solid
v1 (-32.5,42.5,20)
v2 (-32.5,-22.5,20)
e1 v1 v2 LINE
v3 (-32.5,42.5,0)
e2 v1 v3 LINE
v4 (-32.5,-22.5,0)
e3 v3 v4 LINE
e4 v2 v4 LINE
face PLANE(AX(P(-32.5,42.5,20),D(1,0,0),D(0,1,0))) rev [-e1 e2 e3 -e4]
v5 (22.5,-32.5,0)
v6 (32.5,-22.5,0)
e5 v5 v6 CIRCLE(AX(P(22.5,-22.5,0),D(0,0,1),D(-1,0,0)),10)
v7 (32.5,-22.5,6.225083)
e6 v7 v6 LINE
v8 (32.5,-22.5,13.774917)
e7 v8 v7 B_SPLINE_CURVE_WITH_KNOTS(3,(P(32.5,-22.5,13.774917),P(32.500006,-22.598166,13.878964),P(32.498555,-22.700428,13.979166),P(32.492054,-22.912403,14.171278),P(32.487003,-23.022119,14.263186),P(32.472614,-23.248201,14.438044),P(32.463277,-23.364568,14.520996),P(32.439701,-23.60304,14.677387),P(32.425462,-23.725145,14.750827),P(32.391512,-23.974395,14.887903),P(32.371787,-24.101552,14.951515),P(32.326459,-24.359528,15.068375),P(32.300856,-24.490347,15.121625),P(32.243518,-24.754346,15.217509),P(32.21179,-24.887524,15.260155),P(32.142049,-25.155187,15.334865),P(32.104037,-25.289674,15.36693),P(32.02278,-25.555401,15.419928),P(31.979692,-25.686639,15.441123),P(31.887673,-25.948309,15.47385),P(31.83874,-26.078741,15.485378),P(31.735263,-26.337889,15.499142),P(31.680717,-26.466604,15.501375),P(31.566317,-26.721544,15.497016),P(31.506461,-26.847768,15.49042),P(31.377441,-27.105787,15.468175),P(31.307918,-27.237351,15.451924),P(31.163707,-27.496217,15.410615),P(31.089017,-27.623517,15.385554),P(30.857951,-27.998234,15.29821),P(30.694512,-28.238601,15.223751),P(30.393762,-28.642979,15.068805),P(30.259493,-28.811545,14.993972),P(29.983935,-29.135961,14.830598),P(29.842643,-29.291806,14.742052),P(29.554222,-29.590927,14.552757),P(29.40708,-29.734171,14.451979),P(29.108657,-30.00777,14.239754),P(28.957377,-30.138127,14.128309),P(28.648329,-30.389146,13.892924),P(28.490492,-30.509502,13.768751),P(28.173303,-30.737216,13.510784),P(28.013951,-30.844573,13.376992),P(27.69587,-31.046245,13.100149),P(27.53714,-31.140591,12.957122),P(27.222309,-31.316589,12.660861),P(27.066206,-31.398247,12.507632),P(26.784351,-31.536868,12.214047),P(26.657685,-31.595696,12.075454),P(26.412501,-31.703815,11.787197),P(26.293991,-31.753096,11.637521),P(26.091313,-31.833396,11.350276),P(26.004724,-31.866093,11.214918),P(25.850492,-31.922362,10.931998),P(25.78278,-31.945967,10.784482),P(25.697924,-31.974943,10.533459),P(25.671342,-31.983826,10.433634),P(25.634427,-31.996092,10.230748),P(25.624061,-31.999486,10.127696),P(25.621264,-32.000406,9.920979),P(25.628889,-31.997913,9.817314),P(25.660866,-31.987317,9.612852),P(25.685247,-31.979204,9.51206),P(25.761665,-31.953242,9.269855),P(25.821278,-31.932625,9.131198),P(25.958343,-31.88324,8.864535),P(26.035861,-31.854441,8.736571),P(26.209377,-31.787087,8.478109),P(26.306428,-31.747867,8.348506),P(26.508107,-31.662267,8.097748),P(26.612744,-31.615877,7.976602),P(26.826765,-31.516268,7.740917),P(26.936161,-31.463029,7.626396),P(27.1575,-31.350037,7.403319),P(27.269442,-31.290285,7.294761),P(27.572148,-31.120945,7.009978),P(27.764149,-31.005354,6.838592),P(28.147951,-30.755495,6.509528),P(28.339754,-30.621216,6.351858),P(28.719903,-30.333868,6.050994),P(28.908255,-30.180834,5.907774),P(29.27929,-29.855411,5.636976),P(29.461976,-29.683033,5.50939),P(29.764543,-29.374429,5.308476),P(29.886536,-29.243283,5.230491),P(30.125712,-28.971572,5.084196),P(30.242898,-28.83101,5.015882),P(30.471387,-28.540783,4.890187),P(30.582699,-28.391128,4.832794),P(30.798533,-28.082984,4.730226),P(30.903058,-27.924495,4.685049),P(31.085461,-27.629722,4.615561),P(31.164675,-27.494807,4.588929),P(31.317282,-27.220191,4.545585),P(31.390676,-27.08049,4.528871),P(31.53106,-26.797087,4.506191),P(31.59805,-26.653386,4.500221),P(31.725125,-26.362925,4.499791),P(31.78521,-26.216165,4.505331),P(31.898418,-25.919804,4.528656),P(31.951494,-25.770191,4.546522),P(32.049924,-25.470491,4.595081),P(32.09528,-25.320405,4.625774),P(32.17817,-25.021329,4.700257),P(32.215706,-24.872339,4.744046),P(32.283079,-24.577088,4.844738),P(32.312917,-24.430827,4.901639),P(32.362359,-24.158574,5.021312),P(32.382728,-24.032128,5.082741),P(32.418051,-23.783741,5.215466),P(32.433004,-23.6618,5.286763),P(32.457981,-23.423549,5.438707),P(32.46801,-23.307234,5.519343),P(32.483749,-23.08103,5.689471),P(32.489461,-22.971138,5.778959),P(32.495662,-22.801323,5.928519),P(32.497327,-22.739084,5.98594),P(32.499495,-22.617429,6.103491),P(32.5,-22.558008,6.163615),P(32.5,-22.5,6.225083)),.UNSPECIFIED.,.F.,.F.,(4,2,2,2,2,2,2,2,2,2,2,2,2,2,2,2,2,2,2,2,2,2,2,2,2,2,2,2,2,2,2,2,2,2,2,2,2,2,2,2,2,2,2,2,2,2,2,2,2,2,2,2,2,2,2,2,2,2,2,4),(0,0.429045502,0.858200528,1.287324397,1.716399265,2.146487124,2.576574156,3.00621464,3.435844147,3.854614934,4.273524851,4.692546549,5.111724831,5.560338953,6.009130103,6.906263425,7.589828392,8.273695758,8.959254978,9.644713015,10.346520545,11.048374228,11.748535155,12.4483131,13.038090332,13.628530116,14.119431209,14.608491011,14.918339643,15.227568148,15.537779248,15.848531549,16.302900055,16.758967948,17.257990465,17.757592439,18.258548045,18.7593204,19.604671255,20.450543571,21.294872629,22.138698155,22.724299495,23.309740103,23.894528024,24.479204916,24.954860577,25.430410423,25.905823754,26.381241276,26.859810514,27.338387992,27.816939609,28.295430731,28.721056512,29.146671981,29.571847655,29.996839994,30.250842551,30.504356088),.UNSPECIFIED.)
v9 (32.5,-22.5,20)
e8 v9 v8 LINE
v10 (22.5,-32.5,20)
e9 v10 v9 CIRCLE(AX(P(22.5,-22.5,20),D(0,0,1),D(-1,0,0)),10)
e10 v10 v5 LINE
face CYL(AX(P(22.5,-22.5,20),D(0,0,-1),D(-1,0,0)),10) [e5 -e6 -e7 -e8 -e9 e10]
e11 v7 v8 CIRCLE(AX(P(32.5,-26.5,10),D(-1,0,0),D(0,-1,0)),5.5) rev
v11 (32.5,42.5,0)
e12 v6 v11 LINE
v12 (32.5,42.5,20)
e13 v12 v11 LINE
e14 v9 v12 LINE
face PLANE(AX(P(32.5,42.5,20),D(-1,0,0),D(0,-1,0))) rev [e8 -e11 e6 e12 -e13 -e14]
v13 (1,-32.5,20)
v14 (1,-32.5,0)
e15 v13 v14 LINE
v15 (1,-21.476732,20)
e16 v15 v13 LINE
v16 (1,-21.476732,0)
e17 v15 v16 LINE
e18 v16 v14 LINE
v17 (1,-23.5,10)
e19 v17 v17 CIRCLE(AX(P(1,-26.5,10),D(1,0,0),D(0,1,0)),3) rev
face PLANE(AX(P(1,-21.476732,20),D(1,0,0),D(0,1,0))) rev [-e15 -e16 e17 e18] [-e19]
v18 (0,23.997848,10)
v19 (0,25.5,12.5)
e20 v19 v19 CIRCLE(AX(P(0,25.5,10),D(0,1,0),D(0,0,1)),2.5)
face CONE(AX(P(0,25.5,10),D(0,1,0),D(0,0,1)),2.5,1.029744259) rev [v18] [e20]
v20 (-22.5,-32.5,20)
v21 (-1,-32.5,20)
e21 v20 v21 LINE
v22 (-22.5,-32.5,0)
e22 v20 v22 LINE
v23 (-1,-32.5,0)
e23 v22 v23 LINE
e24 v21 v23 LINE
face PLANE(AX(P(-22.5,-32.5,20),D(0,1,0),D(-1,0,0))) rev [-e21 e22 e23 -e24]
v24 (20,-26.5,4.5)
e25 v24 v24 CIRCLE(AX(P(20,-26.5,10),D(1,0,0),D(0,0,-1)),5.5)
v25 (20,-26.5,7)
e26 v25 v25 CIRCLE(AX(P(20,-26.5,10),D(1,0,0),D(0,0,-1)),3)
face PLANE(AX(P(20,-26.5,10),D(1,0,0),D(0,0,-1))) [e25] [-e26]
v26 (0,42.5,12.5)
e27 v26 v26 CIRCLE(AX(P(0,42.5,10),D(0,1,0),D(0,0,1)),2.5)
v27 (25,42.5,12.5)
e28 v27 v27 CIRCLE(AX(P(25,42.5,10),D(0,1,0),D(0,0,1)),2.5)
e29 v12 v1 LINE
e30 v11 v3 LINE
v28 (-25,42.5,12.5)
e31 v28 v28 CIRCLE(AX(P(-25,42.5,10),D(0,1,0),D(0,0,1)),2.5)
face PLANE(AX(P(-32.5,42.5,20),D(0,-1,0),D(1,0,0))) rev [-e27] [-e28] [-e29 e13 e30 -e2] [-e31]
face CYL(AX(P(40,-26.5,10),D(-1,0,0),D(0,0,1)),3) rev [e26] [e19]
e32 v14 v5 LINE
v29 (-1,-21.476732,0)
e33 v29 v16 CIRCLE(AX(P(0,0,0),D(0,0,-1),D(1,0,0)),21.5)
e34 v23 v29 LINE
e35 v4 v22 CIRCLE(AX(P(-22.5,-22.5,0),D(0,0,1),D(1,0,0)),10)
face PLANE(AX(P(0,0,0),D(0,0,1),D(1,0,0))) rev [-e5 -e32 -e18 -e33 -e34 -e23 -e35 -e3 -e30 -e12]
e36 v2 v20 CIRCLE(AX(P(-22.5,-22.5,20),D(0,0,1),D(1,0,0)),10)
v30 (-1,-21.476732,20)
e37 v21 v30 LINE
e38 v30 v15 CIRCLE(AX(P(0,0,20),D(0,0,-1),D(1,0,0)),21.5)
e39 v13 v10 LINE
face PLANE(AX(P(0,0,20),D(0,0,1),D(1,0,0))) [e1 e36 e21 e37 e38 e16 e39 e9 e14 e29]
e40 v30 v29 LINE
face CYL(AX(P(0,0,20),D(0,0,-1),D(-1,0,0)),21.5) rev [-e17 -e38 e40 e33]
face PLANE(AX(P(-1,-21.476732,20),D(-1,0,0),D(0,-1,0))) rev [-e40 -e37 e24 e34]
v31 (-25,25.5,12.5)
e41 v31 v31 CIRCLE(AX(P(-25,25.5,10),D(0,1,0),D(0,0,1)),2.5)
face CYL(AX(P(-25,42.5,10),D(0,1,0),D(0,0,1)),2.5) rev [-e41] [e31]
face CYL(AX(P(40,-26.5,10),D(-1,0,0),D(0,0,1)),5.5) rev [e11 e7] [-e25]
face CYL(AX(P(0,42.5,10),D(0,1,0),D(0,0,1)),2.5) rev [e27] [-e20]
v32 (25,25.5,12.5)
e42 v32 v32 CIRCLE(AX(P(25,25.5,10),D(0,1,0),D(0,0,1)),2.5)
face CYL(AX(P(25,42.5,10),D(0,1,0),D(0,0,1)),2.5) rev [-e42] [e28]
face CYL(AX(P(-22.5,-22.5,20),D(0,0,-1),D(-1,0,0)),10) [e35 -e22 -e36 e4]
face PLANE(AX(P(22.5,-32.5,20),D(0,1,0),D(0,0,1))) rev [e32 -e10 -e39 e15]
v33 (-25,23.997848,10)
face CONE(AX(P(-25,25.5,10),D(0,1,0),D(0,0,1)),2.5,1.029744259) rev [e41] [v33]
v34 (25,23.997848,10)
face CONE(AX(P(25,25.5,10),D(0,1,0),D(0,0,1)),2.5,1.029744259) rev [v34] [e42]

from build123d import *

# Parameters (mm, degrees)
AUFSATZ_LINEAR_AUSTRAGEN1_DEPTH = 20
M6_GEWINDEBOHRUNG1_D            = 5
M6_GEWINDEBOHRUNG1_DEPTH        = 17
M6_GEWINDEBOHRUNG1_TIP          = 1.502151548
SKIZZE4_R                       = 3
SCHNITT_LINEAR_AUSTRAGEN1_DEPTH = 40
SCHNITT_LINEAR_START            = 20
SKIZZE5_R                       = 5.5
SCHNITT_LINEAR_AUSTRAGEN2_DEPTH = 20


with BuildPart() as part:
    # Skizze1 → Aufsatz-Linear austragen1 (new body)
    with BuildSketch(Plane.XY):
        with BuildLine():
            Line((-32.5, 42.5), (32.5, 42.5))
            Line((32.5, 42.5), (32.5, -22.5))
            ThreePointArc((32.5, -22.5), (29.571067812, -29.571067812), (22.5, -32.5))
            Line((22.5, -32.5), (1, -32.5))
            Line((1, -32.5), (1, -21.476731595))
            ThreePointArc((1, -21.476731595), (0, 21.5), (-1, -21.476731595))
            Line((-1, -21.476731595), (-1, -32.5))
            Line((-1, -32.5), (-22.5, -32.5))
            ThreePointArc((-22.5, -32.5), (-29.571067812, -29.571067812), (-32.5, -22.5))
            Line((-32.5, -22.5), (-32.5, 42.5))
        make_face()
    extrude(amount=AUFSATZ_LINEAR_AUSTRAGEN1_DEPTH)

    # M6 Gewindebohrung1
    with Locations(Plane(origin=(0, 42.5, 0), x_dir=(1, 0, 0), z_dir=(0, 1, 0))):
        with Locations((-25, -10), (0, -10), (25, -10)):
            Hole(M6_GEWINDEBOHRUNG1_D / 2, depth=M6_GEWINDEBOHRUNG1_DEPTH)
            with Locations((0, 0, -(M6_GEWINDEBOHRUNG1_DEPTH + M6_GEWINDEBOHRUNG1_TIP / 2))):  # 118° drill point
                Cone(0, M6_GEWINDEBOHRUNG1_D / 2, M6_GEWINDEBOHRUNG1_TIP, mode=Mode.SUBTRACT)

    # Skizze4 → Schnitt-Linear austragen1 (cut)
    with BuildSketch(Plane(origin=(0, 0, 0), x_dir=(0, 0, -1), z_dir=(1, 0, 0))):
        with Locations(Location((-10, -26.5, 0), (0, 0, 180))):
            Circle(SKIZZE4_R)
    extrude(amount=SCHNITT_LINEAR_AUSTRAGEN1_DEPTH, mode=Mode.SUBTRACT)

    # Skizze5 → Schnitt-Linear austragen2 (cut)
    with BuildSketch(Plane(origin=(0, 0, 0), x_dir=(0, 0, -1), z_dir=(1, 0, 0)).offset(SCHNITT_LINEAR_START)):
        with Locations(Location((-10, -26.5, 0), (0, 0, 133.341758227))):
            Circle(SKIZZE5_R)
    extrude(amount=SCHNITT_LINEAR_AUSTRAGEN2_DEPTH, mode=Mode.SUBTRACT)


solid = part.part
